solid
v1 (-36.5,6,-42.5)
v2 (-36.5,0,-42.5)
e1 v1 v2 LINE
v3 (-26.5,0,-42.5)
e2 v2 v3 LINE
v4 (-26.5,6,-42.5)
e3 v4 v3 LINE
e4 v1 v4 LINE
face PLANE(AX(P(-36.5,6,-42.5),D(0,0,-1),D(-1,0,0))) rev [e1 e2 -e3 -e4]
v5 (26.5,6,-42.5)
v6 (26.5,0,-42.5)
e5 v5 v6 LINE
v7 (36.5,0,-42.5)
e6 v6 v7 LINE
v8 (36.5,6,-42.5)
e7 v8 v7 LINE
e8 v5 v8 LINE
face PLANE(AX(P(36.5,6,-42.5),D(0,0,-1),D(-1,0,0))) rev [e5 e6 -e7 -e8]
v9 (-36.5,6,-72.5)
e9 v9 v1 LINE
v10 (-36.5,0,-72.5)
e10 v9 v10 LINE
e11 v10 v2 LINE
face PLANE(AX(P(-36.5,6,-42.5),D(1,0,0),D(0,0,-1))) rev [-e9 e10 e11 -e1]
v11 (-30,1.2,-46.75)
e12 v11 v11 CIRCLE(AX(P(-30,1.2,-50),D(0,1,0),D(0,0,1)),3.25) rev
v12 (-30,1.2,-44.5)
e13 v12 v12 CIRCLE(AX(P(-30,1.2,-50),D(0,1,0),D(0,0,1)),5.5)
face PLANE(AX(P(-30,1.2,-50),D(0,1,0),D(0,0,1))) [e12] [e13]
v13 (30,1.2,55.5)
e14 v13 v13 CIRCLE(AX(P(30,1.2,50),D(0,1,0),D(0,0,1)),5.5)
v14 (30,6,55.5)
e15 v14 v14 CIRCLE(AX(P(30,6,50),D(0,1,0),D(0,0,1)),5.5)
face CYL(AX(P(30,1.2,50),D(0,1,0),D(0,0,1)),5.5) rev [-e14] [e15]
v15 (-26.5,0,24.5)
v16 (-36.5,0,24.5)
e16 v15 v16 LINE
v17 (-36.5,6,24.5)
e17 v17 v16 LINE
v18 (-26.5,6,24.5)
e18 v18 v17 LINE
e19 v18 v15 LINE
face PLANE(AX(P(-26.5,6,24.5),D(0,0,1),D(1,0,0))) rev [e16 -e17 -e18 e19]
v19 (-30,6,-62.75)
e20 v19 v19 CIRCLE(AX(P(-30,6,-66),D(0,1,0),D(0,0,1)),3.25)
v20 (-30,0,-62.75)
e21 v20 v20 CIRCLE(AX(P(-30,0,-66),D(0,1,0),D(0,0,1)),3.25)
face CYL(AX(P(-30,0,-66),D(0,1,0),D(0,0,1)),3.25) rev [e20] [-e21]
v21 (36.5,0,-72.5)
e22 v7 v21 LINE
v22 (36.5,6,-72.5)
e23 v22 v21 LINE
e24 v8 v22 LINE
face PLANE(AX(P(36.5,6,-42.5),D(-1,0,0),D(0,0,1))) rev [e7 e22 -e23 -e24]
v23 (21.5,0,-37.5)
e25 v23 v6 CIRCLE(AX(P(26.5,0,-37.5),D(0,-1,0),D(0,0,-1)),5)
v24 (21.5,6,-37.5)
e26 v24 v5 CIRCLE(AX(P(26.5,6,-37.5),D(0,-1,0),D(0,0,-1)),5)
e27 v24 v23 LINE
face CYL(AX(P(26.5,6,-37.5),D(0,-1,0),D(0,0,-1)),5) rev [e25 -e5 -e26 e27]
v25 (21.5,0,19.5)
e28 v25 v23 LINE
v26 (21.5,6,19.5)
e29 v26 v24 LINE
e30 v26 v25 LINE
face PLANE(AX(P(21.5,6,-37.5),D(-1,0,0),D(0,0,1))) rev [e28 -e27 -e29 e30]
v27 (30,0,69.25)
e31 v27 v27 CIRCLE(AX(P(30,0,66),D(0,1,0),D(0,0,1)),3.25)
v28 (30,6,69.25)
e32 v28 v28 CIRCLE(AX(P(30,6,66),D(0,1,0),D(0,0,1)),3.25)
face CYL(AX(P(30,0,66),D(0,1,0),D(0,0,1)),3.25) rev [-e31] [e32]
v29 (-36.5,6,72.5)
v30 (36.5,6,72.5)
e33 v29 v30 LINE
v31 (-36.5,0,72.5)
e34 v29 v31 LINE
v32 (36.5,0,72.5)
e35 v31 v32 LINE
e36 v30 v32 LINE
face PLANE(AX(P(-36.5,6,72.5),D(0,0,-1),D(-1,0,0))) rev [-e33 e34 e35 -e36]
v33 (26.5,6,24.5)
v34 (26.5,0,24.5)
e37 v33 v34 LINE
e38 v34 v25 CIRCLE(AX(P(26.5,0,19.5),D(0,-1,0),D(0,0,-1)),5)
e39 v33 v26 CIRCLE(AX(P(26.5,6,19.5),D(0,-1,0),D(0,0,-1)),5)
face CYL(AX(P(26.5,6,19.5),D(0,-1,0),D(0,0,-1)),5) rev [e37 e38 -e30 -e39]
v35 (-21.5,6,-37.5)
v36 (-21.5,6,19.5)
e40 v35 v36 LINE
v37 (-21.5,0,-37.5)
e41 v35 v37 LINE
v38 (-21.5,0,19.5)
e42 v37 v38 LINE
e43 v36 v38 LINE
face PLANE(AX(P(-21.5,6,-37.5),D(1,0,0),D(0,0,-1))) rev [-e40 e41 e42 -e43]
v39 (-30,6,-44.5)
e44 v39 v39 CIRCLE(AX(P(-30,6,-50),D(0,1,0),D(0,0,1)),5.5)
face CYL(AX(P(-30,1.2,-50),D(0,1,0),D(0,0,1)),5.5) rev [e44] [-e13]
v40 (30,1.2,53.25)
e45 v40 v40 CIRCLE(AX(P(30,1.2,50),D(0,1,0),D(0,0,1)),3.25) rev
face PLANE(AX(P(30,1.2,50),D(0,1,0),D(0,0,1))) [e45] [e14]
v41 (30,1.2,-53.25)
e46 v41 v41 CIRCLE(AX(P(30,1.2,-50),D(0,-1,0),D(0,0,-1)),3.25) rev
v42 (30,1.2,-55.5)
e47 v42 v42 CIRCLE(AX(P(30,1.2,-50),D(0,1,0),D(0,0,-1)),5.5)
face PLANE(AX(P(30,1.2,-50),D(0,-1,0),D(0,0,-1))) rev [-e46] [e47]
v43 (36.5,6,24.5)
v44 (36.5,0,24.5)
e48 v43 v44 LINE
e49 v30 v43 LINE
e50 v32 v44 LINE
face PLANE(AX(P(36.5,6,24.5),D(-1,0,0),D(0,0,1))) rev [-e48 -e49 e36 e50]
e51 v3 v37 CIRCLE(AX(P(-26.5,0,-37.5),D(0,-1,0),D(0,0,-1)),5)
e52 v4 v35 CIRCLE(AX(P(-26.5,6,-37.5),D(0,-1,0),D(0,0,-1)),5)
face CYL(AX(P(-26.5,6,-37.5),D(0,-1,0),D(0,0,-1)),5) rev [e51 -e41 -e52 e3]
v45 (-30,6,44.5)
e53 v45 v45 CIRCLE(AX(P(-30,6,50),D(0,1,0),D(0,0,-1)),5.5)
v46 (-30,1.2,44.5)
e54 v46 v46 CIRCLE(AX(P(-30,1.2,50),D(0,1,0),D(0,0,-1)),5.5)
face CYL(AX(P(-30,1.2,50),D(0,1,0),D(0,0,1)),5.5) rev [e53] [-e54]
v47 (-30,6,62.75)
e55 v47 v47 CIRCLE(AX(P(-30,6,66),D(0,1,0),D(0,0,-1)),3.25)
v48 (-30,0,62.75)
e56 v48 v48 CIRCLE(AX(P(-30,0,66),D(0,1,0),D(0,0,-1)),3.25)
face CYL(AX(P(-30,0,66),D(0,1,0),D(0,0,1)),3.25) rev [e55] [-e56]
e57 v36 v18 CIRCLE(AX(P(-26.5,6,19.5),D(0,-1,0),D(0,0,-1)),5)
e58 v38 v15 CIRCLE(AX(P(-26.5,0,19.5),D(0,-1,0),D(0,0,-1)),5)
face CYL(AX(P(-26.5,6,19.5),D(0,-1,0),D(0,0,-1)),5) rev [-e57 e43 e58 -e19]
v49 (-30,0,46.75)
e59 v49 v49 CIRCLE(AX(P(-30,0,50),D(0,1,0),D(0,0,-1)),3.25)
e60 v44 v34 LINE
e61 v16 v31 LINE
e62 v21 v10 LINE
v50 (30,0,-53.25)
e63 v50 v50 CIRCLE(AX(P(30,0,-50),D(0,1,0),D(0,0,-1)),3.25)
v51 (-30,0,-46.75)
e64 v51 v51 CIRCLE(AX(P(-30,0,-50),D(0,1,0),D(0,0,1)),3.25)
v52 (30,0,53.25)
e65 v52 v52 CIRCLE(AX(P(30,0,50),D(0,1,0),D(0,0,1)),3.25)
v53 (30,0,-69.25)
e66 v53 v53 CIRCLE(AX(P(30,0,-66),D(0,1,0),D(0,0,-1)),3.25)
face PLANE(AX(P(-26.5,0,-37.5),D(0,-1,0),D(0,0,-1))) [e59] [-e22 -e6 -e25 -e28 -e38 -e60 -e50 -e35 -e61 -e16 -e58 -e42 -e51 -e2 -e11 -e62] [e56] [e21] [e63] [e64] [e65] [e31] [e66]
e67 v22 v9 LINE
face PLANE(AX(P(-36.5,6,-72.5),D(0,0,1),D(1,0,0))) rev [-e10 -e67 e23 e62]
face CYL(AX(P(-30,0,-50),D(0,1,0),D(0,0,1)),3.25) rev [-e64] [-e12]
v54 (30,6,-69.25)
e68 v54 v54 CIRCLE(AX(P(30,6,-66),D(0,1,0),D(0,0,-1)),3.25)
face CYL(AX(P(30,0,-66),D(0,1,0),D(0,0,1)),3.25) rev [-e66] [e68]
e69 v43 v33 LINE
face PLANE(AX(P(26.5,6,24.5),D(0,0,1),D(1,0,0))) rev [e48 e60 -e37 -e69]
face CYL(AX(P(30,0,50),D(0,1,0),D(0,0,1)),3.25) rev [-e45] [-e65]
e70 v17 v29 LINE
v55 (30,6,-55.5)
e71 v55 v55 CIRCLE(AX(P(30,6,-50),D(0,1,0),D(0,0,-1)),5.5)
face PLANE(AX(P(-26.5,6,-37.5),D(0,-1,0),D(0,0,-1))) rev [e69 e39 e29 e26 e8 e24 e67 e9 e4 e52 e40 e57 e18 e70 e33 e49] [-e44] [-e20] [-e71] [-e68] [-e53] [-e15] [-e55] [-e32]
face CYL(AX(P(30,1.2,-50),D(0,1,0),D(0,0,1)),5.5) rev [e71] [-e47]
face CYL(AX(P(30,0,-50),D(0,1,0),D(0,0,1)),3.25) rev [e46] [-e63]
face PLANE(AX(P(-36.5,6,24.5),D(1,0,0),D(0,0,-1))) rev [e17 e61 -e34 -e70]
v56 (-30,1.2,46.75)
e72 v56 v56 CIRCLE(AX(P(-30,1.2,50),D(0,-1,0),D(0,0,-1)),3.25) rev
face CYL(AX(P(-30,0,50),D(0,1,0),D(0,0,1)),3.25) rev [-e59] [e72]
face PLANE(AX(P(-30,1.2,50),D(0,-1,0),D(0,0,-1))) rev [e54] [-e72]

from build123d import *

# Parameters (mm, degrees)
BOSS_EXTRUDE1_DEPTH = 6
SKETCH2_R           = 3.25
CUT_EXTRUDE1_DEPTH  = 82.391031447
SKETCH3_R           = 5.5
CUT_EXTRUDE2_DEPTH  = 4.8


with BuildPart() as part:
    # Sketch1 → Boss-Extrude1 (new body)
    with BuildSketch(Plane(origin=(0, 0, 0), x_dir=(1, 0, 0), z_dir=(0, 1, 0))):
        with BuildLine():
            Line((-36.5, -72.5), (36.5, -72.5))
            Line((36.5, -72.5), (36.5, -24.5))
            Line((36.5, -24.5), (26.5, -24.5))
            ThreePointArc((26.5, -24.5), (22.964466094, -23.035533906), (21.5, -19.5))
            Line((21.5, -19.5), (21.5, 37.5))
            ThreePointArc((21.5, 37.5), (22.964466094, 41.035533906), (26.5, 42.5))
            Line((26.5, 42.5), (36.5, 42.5))
            Line((36.5, 42.5), (36.5, 72.5))
            Line((36.5, 72.5), (-36.5, 72.5))
            Line((-36.5, 72.5), (-36.5, 42.5))
            Line((-36.5, 42.5), (-26.5, 42.5))
            ThreePointArc((-26.5, 42.5), (-22.964466094, 41.035533906), (-21.5, 37.5))
            Line((-21.5, 37.5), (-21.5, -19.5))
            ThreePointArc((-21.5, -19.5), (-22.964466094, -23.035533906), (-26.5, -24.5))
            Line((-26.5, -24.5), (-36.5, -24.5))
            Line((-36.5, -24.5), (-36.5, -72.5))
        make_face()
    extrude(amount=BOSS_EXTRUDE1_DEPTH)

    # Sketch2 → Cut-Extrude1 (cut, through all)
    with BuildSketch(Plane(origin=(0, 6, 0), x_dir=(1, 0, 0), z_dir=(0, 1, 0))):
        with Locations(Location((-30, 66, 0), (0, 0, 270))):
            Circle(SKETCH2_R)
        with Locations(Location((-30, 50, 0), (0, 0, 270))):
            Circle(SKETCH2_R)
        with Locations(Location((30, 50, 0), (0, 0, 90))):
            Circle(SKETCH2_R)
        with Locations(Location((30, 66, 0), (0, 0, 90))):
            Circle(SKETCH2_R)
        with Locations(Location((30, -50, 0), (0, 0, 270))):
            Circle(SKETCH2_R)
        with Locations(Location((30, -66, 0), (0, 0, 270))):
            Circle(SKETCH2_R)
        with Locations(Location((-30, -50, 0), (0, 0, 90))):
            Circle(SKETCH2_R)
        with Locations(Location((-30, -66, 0), (0, 0, 90))):
            Circle(SKETCH2_R)
    extrude(amount=-CUT_EXTRUDE1_DEPTH, mode=Mode.SUBTRACT)

    # Sketch3 → Cut-Extrude2 (cut)
    with BuildSketch(Plane(origin=(0, 6, 0), x_dir=(1, 0, 0), z_dir=(0, 1, 0))):
        with Locations(Location((-30, 50, 0), (0, 0, 270))):
            Circle(SKETCH3_R)
        with Locations(Location((30, 50, 0), (0, 0, 90))):
            Circle(SKETCH3_R)
        with Locations(Location((30, -50, 0), (0, 0, 270))):
            Circle(SKETCH3_R)
        with Locations(Location((-30, -50, 0), (0, 0, 90))):
            Circle(SKETCH3_R)
    extrude(amount=-CUT_EXTRUDE2_DEPTH, mode=Mode.SUBTRACT)


solid = part.part
